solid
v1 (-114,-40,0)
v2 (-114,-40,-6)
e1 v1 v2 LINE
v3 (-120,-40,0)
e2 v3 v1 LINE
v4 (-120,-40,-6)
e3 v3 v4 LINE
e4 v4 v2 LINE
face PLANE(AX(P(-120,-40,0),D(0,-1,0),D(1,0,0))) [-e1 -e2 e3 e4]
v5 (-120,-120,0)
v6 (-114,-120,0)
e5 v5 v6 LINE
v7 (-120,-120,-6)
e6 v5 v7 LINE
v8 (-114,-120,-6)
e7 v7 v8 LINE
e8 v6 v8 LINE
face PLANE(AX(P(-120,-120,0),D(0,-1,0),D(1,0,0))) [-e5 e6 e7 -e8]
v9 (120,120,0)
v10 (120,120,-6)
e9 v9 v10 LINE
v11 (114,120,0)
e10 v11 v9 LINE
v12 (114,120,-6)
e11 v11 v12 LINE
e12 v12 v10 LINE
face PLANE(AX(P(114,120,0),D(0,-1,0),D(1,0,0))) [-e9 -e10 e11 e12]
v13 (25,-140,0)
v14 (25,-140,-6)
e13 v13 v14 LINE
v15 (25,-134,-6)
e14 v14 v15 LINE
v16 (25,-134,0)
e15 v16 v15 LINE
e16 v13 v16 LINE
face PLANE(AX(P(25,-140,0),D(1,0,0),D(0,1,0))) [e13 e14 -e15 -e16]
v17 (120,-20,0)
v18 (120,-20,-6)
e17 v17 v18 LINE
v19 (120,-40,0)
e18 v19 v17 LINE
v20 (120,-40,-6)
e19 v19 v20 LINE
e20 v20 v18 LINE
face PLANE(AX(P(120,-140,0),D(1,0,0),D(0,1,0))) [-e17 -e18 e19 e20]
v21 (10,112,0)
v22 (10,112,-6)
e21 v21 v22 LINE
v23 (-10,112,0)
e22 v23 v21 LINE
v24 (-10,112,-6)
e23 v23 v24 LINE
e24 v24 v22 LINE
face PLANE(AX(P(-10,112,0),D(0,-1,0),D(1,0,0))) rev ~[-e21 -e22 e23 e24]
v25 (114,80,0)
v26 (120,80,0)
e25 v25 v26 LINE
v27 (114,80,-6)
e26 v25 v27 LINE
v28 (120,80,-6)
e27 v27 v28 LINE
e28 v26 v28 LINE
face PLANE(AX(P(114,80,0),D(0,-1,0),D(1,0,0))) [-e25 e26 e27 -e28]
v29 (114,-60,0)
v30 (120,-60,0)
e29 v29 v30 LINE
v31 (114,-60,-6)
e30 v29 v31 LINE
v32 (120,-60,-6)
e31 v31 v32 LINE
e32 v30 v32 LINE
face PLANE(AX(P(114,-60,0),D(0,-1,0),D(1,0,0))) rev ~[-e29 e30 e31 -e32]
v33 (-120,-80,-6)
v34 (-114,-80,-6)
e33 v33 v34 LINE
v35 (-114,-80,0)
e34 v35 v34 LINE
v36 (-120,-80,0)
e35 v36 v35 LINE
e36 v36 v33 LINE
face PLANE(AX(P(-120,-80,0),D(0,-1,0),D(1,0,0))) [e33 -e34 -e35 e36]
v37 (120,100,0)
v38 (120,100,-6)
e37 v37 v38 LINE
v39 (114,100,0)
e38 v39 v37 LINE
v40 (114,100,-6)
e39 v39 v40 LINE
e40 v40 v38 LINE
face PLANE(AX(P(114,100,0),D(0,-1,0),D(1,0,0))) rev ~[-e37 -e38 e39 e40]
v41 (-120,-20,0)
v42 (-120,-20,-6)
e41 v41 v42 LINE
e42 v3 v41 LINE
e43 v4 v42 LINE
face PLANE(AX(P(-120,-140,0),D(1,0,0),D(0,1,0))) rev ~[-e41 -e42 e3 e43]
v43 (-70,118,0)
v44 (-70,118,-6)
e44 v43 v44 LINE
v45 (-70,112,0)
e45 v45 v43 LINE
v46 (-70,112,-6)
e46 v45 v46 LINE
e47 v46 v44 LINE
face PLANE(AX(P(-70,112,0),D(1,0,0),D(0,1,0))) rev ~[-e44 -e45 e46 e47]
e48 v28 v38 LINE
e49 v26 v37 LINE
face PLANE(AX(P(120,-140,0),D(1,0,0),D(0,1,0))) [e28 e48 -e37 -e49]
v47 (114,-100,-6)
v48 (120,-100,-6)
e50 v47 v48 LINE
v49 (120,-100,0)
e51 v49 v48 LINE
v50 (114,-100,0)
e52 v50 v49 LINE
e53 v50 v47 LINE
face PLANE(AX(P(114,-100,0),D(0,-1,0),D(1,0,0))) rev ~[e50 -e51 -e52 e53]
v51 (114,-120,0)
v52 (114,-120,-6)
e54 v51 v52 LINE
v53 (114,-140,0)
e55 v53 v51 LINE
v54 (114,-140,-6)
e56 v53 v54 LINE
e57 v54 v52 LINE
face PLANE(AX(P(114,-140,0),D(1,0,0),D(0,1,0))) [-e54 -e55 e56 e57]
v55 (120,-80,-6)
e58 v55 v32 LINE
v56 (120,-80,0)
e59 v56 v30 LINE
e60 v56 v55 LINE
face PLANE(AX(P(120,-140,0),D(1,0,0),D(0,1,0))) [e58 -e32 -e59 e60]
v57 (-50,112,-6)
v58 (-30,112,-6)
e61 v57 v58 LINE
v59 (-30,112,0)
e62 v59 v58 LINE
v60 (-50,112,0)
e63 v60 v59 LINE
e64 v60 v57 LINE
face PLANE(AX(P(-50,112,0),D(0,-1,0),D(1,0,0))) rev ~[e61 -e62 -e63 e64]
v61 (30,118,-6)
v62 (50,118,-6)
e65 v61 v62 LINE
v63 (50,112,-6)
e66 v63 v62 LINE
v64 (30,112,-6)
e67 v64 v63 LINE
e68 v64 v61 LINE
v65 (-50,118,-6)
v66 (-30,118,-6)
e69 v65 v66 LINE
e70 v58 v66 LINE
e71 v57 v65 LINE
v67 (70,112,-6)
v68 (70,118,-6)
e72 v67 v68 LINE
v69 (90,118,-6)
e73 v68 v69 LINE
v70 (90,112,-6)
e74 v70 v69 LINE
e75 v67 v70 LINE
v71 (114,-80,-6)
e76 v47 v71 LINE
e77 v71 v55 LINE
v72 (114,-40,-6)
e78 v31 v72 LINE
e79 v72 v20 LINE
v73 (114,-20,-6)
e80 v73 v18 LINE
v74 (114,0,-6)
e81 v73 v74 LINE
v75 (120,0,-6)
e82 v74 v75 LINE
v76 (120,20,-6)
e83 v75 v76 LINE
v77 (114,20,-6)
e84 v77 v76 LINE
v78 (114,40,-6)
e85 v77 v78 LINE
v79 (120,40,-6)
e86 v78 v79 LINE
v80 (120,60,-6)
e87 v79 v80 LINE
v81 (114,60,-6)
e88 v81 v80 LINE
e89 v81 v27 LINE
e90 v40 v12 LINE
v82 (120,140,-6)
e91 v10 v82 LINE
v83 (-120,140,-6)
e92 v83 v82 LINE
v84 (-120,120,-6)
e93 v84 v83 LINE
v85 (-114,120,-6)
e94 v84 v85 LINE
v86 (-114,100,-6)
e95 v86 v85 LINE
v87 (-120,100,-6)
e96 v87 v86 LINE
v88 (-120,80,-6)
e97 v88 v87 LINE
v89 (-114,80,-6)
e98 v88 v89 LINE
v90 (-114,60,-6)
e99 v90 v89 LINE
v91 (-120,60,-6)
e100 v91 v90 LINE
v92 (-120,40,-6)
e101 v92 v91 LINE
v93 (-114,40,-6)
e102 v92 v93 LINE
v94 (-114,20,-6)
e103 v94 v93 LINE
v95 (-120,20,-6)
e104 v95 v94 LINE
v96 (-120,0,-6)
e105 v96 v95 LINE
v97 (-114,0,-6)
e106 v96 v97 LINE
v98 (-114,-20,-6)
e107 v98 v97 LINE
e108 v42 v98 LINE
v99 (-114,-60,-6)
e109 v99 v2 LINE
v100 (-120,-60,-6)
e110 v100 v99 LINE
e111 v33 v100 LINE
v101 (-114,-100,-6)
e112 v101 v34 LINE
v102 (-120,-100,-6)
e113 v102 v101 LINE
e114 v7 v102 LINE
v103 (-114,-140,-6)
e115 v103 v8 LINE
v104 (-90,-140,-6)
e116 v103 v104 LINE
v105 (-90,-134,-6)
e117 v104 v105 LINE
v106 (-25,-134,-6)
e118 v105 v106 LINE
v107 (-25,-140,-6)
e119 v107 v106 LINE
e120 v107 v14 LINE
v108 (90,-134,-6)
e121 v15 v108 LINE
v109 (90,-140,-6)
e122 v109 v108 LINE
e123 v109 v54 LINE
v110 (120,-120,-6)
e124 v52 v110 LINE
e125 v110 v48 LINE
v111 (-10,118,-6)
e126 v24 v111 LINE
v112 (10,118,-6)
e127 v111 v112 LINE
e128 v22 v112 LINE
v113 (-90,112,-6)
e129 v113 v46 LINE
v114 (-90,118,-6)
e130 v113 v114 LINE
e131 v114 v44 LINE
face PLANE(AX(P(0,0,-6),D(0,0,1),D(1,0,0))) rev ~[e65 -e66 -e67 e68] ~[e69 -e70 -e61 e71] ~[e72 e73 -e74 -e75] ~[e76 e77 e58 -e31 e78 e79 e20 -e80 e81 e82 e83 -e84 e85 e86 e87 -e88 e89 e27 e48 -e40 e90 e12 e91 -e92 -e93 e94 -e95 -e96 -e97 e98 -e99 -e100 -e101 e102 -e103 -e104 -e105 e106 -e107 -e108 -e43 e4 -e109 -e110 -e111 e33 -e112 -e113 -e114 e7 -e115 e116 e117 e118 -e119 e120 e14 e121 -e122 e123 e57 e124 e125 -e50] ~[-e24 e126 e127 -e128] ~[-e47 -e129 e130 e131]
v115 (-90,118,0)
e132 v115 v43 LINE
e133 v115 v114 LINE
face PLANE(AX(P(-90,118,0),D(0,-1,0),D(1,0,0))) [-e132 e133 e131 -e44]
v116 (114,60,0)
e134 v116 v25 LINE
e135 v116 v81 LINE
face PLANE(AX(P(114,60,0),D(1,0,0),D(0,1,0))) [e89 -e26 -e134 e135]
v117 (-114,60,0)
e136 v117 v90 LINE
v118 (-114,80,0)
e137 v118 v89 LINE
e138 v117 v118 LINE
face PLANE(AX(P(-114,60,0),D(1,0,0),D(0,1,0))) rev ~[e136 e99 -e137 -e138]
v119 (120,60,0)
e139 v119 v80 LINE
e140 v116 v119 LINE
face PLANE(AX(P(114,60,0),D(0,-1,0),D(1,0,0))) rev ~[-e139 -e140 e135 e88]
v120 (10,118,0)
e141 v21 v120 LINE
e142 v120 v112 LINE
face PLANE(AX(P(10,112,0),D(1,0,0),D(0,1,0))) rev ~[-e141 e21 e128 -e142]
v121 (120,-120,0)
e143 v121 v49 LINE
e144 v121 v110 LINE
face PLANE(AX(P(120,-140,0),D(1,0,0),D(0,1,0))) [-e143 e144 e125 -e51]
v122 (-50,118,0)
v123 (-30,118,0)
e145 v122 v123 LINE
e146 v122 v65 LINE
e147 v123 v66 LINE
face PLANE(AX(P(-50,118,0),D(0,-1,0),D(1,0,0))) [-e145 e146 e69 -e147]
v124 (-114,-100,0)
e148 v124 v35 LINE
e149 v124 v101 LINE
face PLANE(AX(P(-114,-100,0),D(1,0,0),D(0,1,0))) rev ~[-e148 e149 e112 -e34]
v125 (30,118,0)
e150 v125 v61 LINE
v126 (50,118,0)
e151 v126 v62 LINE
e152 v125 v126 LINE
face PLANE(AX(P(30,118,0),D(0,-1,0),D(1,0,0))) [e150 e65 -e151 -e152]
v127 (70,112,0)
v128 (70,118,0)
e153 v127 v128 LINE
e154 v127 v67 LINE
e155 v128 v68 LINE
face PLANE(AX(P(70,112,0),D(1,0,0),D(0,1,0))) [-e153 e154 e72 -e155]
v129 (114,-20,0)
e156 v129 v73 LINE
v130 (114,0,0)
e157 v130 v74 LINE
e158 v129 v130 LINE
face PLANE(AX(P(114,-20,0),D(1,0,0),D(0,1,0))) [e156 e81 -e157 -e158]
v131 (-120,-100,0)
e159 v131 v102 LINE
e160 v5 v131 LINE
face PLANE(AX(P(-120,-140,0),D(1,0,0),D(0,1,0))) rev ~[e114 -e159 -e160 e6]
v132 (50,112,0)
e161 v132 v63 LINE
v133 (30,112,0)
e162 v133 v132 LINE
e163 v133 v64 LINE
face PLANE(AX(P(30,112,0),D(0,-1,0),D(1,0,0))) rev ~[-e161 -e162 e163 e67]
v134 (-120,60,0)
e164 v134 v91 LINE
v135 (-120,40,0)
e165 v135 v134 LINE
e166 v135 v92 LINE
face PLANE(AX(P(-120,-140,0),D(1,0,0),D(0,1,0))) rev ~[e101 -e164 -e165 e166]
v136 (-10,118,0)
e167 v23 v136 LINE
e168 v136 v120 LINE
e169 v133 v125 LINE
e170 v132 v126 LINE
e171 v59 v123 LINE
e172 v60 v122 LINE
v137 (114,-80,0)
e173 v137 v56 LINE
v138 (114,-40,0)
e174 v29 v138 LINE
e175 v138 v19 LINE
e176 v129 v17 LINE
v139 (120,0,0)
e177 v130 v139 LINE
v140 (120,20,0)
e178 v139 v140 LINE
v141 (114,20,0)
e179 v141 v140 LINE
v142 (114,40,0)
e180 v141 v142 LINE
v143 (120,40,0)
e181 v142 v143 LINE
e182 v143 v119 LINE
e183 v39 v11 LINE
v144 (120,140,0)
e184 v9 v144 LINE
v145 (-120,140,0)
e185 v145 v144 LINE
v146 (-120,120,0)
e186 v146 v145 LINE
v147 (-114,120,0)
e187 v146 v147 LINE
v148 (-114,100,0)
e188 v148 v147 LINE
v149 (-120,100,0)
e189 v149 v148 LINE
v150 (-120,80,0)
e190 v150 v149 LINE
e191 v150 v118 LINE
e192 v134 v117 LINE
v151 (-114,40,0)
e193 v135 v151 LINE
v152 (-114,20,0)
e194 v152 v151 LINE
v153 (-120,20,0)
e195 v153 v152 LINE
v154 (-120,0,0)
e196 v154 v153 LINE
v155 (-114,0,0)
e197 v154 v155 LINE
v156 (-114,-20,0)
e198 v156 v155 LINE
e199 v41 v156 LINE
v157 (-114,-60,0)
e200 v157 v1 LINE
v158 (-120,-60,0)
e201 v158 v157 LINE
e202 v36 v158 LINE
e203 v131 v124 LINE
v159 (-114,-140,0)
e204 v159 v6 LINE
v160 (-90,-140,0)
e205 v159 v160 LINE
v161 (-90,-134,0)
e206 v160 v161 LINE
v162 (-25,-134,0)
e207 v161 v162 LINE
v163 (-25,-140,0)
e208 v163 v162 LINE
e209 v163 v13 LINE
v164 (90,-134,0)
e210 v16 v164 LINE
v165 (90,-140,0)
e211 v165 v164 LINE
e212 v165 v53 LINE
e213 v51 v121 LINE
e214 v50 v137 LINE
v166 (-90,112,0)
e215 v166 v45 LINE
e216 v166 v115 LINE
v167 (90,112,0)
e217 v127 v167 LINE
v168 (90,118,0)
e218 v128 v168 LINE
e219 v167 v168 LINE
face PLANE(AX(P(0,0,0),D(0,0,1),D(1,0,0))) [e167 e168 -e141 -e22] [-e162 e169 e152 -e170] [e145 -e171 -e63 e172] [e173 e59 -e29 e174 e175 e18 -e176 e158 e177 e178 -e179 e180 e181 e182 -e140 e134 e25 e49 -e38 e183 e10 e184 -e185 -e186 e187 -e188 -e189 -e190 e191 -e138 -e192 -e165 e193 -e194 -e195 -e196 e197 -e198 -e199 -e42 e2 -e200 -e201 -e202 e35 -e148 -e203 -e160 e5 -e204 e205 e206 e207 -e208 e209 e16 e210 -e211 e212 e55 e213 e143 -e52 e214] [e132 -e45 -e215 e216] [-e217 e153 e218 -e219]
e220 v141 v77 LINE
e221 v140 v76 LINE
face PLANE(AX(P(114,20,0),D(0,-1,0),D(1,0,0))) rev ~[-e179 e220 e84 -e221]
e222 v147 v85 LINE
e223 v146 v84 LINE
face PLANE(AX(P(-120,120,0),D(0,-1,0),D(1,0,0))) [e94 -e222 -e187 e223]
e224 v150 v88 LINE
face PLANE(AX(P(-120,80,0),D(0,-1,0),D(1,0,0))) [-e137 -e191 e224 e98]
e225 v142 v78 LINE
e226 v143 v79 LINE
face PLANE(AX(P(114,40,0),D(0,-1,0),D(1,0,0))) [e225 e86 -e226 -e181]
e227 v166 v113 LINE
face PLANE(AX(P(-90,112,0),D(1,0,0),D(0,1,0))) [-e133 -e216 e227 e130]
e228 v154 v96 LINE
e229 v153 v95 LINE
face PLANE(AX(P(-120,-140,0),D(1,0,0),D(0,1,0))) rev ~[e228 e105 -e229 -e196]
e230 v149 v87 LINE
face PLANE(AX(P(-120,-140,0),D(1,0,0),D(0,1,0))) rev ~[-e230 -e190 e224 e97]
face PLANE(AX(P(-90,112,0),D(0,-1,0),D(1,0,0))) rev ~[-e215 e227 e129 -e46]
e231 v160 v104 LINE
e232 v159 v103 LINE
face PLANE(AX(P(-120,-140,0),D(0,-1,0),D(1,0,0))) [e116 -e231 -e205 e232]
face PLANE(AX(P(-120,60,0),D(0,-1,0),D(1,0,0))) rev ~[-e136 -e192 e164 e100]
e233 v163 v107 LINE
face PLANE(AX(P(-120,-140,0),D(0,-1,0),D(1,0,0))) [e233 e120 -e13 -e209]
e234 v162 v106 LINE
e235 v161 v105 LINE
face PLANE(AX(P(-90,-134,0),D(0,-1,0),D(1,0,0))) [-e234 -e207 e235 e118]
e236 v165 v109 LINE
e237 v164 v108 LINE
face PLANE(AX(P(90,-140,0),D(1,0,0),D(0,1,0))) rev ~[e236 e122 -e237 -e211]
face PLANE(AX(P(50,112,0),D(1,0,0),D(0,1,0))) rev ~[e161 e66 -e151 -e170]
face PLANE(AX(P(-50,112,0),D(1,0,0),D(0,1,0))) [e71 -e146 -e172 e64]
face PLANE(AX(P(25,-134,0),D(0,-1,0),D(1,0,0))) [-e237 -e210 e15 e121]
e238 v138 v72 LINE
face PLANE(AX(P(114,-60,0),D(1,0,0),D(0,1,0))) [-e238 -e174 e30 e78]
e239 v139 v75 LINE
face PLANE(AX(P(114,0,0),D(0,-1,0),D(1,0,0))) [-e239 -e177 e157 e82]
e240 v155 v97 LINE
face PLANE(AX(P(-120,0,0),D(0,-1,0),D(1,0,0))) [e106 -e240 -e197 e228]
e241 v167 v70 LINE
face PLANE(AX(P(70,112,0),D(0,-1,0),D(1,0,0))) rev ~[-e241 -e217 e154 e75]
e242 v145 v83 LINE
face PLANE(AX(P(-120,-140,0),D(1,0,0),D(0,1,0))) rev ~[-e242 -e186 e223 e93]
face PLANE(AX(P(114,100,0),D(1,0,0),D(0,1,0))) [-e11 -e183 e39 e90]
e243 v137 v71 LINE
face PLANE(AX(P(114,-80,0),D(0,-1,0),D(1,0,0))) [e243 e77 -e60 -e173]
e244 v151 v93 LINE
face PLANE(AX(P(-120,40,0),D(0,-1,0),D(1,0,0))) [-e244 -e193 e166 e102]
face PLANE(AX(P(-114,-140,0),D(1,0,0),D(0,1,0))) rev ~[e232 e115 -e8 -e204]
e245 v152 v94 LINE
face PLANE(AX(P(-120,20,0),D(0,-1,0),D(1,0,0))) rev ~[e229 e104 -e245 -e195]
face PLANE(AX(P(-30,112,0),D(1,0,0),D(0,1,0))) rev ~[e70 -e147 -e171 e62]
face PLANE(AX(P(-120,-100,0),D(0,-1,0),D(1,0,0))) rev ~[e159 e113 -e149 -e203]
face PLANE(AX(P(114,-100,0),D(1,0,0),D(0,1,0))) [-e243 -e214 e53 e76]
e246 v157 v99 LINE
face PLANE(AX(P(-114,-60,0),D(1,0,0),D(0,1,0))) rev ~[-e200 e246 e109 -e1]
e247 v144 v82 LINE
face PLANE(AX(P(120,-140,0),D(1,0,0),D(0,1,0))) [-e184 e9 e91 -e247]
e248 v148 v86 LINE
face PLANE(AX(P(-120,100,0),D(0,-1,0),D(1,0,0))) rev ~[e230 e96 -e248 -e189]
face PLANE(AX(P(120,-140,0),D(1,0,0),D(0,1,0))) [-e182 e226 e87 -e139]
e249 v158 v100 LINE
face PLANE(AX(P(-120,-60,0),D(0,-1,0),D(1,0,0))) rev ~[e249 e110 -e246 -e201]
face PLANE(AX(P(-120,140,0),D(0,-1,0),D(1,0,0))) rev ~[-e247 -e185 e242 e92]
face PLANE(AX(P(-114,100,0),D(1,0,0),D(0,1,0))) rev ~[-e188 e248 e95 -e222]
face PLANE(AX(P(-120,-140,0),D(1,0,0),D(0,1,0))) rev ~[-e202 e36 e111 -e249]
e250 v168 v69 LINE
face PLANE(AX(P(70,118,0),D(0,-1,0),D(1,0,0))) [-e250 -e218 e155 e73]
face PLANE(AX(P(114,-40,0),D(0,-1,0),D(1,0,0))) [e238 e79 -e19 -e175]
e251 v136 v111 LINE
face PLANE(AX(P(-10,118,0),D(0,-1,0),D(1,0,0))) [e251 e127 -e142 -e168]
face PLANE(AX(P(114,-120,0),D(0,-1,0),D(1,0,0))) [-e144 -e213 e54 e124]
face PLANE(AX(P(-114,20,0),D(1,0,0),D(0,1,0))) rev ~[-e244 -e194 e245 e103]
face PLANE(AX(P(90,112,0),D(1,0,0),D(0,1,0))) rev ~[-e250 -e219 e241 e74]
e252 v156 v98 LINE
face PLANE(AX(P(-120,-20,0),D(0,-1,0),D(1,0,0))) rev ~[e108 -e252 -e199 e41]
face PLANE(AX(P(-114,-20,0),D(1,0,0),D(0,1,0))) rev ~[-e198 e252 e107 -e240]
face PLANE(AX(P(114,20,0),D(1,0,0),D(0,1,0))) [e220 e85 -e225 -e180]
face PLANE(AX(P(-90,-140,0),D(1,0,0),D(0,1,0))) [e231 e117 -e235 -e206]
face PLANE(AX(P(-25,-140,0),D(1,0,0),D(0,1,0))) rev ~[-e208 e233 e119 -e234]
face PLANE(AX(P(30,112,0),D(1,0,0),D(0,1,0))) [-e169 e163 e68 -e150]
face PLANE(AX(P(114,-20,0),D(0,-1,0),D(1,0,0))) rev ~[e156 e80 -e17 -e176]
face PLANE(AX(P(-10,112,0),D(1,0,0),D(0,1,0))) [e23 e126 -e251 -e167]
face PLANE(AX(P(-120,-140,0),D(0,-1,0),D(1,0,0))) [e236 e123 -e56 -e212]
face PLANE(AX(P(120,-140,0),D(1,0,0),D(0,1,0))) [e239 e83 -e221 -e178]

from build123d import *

# Parameters (mm, degrees)
SKETCH1_W           = 240
SKETCH1_H           = 280
BOSS_EXTRUDE1_DEPTH = 6
SKETCH3_W           = 6
SKETCH3_H           = 20
CUT_EXTRUDE1_DEPTH  = 6
SKETCH4_W           = 6
SKETCH4_H           = 20
SKETCH4_W_2         = 65
SKETCH4_H_2         = 6
CUT_EXTRUDE2_DEPTH  = 6
SKETCH5_W           = 20
SKETCH5_H           = 6
CUT_EXTRUDE3_DEPTH  = 6


with BuildPart() as part:
    # Sketch1 → Boss-Extrude1 (new body)
    with BuildSketch(Plane.XY):
        Rectangle(SKETCH1_W, SKETCH1_H)
    extrude(amount=-BOSS_EXTRUDE1_DEPTH)

    # Sketch3 → Cut-Extrude1 (cut)
    with BuildSketch(Plane.XY):
        with Locations((117, 110)):
            Rectangle(SKETCH3_W, SKETCH3_H)
        with Locations((117, 70)):
            Rectangle(SKETCH3_W, SKETCH3_H)
        with Locations((117, 30)):
            Rectangle(SKETCH3_W, SKETCH3_H)
        with Locations((117, -10)):
            Rectangle(SKETCH3_W, SKETCH3_H)
        with Locations((117, -50)):
            Rectangle(SKETCH3_W, SKETCH3_H)
        with Locations((-117, 110)):
            Rectangle(SKETCH3_W, SKETCH3_H)
        with Locations((-117, 70)):
            Rectangle(SKETCH3_W, SKETCH3_H)
        with Locations((-117, 30)):
            Rectangle(SKETCH3_W, SKETCH3_H)
        with Locations((-117, -10)):
            Rectangle(SKETCH3_W, SKETCH3_H)
        with Locations((-117, -50)):
            Rectangle(SKETCH3_W, SKETCH3_H)
        with Locations((117, -90)):
            Rectangle(SKETCH3_W, SKETCH3_H)
        with Locations((-117, -90)):
            Rectangle(SKETCH3_W, SKETCH3_H)
    extrude(amount=-CUT_EXTRUDE1_DEPTH, mode=Mode.SUBTRACT)

    # Sketch4 → Cut-Extrude2 (cut)
    with BuildSketch(Plane.XY):
        with Locations((117, -130)):
            Rectangle(SKETCH4_W, SKETCH4_H)
        with Locations((57.5, -137)):
            Rectangle(SKETCH4_W_2, SKETCH4_H_2)
        with Locations((-57.5, -137)):
            Rectangle(SKETCH4_W_2, SKETCH4_H_2)
        with Locations((-117, -130)):
            Rectangle(SKETCH4_W, SKETCH4_H)
    extrude(amount=-CUT_EXTRUDE2_DEPTH, mode=Mode.SUBTRACT)

    # Sketch5 → Cut-Extrude3 (cut)
    with BuildSketch(Plane.XY):
        with Locations((0, 115)):
            Rectangle(SKETCH5_W, SKETCH5_H)
        with Locations((-80, 115)):
            Rectangle(SKETCH5_W, SKETCH5_H)
        with Locations((40, 115)):
            Rectangle(SKETCH5_W, SKETCH5_H)
        with Locations((80, 115)):
            Rectangle(SKETCH5_W, SKETCH5_H)
        with Locations((-40, 115)):
            Rectangle(SKETCH5_W, SKETCH5_H)
    extrude(amount=-CUT_EXTRUDE3_DEPTH, mode=Mode.SUBTRACT)


solid = part.part
